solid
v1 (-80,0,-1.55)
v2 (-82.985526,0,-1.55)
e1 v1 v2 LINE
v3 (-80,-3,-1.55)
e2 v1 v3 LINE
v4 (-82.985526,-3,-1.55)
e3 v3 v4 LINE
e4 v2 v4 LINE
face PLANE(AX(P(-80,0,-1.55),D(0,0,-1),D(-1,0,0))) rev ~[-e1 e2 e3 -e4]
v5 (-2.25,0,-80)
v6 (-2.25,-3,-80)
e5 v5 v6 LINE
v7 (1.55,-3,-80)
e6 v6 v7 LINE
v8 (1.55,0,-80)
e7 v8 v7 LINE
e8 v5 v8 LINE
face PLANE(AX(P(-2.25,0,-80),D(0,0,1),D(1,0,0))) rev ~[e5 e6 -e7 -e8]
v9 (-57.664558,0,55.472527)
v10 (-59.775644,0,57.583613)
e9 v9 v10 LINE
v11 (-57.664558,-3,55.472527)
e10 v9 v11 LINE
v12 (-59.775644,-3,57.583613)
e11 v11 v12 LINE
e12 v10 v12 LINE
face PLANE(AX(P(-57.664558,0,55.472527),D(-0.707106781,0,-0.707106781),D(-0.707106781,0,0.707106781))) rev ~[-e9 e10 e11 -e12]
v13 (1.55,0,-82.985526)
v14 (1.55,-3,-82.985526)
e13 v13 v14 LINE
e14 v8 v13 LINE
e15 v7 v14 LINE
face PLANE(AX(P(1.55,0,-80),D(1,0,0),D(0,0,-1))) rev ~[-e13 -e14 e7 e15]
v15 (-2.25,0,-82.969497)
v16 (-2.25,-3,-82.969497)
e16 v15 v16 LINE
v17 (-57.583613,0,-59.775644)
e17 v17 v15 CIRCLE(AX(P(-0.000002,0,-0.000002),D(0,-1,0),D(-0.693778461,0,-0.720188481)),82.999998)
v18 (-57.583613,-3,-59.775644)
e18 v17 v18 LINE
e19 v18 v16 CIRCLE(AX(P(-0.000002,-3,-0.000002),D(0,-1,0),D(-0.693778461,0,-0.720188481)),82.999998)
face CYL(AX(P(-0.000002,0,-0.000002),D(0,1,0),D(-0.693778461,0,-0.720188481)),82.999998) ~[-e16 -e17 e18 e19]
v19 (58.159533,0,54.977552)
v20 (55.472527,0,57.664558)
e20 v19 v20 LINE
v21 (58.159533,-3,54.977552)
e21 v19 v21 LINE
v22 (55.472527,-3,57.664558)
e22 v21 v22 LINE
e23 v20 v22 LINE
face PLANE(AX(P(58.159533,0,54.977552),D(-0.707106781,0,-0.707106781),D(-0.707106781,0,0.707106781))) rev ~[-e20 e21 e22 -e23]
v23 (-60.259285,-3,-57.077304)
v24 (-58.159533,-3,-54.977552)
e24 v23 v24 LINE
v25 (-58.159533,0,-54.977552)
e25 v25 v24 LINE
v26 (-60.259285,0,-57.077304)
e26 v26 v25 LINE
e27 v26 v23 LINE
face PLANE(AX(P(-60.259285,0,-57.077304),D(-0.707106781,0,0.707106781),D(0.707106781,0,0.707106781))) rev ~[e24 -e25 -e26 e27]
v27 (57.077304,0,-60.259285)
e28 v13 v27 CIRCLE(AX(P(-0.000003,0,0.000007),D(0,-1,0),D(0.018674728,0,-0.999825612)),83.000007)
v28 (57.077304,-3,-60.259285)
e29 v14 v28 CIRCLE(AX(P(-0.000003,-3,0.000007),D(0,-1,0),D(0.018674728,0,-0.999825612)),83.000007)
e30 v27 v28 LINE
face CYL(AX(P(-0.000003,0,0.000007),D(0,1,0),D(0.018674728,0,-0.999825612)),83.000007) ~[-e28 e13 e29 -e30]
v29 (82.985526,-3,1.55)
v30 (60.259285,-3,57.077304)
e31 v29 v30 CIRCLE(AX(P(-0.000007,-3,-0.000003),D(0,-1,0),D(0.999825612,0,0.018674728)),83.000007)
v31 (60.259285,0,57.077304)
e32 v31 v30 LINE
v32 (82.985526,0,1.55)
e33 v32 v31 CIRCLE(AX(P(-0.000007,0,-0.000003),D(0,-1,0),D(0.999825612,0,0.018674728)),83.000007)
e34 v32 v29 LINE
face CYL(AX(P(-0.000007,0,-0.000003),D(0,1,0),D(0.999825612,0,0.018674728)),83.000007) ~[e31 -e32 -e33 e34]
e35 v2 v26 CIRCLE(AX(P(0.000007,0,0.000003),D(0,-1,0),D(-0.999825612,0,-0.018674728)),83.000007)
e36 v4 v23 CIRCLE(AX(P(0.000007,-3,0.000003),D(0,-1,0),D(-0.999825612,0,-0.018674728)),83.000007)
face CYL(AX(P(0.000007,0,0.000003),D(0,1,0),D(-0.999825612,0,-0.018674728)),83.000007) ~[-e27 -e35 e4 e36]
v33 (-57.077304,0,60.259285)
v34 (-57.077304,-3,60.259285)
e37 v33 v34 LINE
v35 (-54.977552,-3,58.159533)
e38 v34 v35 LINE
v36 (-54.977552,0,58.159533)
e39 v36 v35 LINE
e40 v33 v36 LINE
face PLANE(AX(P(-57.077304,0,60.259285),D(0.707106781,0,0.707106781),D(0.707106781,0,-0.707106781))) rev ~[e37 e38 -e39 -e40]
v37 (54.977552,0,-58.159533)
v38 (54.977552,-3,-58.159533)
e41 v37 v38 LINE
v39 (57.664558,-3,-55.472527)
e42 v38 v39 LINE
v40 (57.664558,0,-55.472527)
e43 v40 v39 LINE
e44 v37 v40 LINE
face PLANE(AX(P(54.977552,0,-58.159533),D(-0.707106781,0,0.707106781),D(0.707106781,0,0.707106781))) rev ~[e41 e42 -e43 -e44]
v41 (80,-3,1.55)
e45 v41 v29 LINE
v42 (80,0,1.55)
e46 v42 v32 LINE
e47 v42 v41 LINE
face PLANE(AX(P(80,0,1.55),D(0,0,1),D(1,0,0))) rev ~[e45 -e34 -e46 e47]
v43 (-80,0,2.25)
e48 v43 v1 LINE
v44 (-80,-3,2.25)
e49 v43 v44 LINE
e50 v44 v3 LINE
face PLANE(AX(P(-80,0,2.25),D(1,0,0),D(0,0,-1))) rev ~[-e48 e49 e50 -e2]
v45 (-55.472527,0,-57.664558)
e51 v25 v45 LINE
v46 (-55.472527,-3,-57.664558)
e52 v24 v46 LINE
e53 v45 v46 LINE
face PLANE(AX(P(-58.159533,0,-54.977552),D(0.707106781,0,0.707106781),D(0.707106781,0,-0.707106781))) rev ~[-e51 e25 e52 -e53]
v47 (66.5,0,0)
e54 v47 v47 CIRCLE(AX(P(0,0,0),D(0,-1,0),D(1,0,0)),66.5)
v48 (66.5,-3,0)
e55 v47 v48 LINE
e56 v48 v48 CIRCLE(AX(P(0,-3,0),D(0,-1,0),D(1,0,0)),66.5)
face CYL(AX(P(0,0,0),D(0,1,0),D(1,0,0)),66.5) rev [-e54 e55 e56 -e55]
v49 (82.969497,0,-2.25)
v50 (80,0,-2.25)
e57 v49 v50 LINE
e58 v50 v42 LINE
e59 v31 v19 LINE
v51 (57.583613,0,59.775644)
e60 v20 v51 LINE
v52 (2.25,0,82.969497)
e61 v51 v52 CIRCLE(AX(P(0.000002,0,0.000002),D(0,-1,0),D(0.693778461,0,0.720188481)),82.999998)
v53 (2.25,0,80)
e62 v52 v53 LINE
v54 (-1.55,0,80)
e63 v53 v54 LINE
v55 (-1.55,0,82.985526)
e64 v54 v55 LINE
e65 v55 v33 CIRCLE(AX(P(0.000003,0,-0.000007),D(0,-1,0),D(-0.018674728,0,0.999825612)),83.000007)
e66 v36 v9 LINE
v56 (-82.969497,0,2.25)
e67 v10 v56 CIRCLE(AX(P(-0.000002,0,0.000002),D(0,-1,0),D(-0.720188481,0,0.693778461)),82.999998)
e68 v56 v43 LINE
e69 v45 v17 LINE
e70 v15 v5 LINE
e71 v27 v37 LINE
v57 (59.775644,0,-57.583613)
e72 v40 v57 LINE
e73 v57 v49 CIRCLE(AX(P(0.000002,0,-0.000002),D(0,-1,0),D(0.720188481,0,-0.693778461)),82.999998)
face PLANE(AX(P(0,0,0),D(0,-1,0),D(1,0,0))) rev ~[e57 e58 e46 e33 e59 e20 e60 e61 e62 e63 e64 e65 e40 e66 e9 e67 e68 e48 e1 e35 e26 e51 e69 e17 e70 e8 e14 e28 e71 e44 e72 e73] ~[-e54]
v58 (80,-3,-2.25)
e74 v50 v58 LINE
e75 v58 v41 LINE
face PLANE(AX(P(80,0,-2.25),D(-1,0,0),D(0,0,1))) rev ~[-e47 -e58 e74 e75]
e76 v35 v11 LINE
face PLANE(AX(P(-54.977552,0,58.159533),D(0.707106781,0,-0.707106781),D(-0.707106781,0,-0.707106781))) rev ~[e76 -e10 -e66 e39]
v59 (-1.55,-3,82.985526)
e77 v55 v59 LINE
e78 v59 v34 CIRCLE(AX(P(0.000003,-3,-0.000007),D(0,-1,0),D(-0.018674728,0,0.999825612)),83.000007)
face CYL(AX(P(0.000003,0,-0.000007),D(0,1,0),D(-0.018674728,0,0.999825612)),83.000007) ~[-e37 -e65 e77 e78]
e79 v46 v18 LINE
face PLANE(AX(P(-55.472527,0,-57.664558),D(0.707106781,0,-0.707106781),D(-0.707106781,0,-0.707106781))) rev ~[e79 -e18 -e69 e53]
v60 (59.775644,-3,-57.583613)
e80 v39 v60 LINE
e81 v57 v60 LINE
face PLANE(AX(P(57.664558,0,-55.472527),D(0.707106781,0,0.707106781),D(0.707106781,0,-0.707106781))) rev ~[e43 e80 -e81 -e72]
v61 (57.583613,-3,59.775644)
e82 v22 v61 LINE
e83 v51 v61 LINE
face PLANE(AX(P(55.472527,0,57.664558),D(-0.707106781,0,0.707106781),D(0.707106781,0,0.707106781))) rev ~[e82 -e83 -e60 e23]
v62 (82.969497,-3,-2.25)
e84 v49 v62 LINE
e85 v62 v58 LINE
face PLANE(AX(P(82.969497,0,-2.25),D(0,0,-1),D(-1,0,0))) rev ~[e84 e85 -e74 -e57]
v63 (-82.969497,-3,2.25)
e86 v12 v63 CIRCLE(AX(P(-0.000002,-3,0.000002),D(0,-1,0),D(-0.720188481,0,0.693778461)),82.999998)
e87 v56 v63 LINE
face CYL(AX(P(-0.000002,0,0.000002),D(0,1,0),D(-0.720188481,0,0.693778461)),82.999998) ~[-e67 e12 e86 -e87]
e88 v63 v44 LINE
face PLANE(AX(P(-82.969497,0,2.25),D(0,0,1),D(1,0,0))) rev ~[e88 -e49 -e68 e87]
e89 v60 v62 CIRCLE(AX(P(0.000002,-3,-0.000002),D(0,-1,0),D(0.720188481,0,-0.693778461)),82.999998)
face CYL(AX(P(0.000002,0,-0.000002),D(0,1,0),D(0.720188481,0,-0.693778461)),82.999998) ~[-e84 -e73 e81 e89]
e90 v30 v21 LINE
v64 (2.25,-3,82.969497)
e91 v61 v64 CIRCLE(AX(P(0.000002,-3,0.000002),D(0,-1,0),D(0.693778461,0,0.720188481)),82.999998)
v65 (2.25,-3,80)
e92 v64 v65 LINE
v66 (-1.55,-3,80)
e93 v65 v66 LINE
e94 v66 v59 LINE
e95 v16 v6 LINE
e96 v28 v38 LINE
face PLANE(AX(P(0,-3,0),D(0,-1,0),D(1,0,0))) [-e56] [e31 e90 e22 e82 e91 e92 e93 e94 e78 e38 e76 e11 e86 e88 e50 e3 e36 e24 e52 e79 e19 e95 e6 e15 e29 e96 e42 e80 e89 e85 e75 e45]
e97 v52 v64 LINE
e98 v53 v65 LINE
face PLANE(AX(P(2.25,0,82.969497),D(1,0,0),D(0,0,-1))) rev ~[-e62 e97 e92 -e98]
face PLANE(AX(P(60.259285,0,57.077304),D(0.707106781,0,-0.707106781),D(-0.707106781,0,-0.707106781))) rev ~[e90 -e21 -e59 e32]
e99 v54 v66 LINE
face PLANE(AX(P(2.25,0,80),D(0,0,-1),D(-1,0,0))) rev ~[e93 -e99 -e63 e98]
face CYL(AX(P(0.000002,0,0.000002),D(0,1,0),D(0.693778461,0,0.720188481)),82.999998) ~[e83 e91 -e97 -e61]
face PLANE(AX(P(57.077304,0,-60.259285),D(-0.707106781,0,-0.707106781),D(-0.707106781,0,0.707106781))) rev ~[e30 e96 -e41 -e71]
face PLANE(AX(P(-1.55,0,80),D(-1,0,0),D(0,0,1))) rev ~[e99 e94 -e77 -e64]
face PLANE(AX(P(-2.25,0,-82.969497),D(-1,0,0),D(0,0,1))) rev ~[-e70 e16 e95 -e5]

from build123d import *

# Parameters (mm, degrees)
F0_R     = 66.5
F1_DEPTH = 3


with BuildPart() as f1:
    # F0 (on Front) → F1 (new body)
    with BuildSketch(Plane.XZ):
        with BuildLine():
            Line((80, 1.55), (82.985526, 1.55))
            ThreePointArc((82.985526, 1.55), (76.815293, 31.439), (60.259285, 57.077304))
            Line((60.259285, 57.077304), (58.159533, 54.977552))
            Line((58.159533, 54.977552), (55.472527, 57.664558))
            Line((55.472527, 57.664558), (57.583613, 59.775644))
            ThreePointArc((57.583613, 59.775644), (32.085885, 76.547345), (2.25, 82.969497))
            Line((2.25, 82.969497), (2.25, 80))
            Line((2.25, 80), (-1.55, 80))
            Line((-1.55, 80), (-1.55, 82.985526))
            ThreePointArc((-1.55, 82.985526), (-31.439, 76.815293), (-57.077304, 60.259285))
            Line((-57.077304, 60.259285), (-54.977552, 58.159533))
            Line((-54.977552, 58.159533), (-57.664558, 55.472527))
            Line((-57.664558, 55.472527), (-59.775644, 57.583613))
            ThreePointArc((-59.775644, 57.583613), (-76.547345, 32.085885), (-82.969497, 2.25))
            Line((-82.969497, 2.25), (-80, 2.25))
            Line((-80, 2.25), (-80, -1.55))
            Line((-80, -1.55), (-82.985526, -1.55))
            ThreePointArc((-82.985526, -1.55), (-76.815293, -31.439), (-60.259285, -57.077304))
            Line((-60.259285, -57.077304), (-58.159533, -54.977552))
            Line((-58.159533, -54.977552), (-55.472527, -57.664558))
            Line((-55.472527, -57.664558), (-57.583613, -59.775644))
            ThreePointArc((-57.583613, -59.775644), (-32.085885, -76.547345), (-2.25, -82.969497))
            Line((-2.25, -82.969497), (-2.25, -80))
            Line((-2.25, -80), (1.55, -80))
            Line((1.55, -80), (1.55, -82.985526))
            ThreePointArc((1.55, -82.985526), (31.439, -76.815293), (57.077304, -60.259285))
            Line((57.077304, -60.259285), (54.977552, -58.159533))
            Line((54.977552, -58.159533), (57.664558, -55.472527))
            Line((57.664558, -55.472527), (59.775644, -57.583613))
            ThreePointArc((59.775644, -57.583613), (76.547345, -32.085885), (82.969497, -2.25))
            Line((82.969497, -2.25), (80, -2.25))
            Line((80, -2.25), (80, 1.55))
        make_face()
        Circle(F0_R, mode=Mode.SUBTRACT)
    extrude(amount=F1_DEPTH)


solid = f1.part
